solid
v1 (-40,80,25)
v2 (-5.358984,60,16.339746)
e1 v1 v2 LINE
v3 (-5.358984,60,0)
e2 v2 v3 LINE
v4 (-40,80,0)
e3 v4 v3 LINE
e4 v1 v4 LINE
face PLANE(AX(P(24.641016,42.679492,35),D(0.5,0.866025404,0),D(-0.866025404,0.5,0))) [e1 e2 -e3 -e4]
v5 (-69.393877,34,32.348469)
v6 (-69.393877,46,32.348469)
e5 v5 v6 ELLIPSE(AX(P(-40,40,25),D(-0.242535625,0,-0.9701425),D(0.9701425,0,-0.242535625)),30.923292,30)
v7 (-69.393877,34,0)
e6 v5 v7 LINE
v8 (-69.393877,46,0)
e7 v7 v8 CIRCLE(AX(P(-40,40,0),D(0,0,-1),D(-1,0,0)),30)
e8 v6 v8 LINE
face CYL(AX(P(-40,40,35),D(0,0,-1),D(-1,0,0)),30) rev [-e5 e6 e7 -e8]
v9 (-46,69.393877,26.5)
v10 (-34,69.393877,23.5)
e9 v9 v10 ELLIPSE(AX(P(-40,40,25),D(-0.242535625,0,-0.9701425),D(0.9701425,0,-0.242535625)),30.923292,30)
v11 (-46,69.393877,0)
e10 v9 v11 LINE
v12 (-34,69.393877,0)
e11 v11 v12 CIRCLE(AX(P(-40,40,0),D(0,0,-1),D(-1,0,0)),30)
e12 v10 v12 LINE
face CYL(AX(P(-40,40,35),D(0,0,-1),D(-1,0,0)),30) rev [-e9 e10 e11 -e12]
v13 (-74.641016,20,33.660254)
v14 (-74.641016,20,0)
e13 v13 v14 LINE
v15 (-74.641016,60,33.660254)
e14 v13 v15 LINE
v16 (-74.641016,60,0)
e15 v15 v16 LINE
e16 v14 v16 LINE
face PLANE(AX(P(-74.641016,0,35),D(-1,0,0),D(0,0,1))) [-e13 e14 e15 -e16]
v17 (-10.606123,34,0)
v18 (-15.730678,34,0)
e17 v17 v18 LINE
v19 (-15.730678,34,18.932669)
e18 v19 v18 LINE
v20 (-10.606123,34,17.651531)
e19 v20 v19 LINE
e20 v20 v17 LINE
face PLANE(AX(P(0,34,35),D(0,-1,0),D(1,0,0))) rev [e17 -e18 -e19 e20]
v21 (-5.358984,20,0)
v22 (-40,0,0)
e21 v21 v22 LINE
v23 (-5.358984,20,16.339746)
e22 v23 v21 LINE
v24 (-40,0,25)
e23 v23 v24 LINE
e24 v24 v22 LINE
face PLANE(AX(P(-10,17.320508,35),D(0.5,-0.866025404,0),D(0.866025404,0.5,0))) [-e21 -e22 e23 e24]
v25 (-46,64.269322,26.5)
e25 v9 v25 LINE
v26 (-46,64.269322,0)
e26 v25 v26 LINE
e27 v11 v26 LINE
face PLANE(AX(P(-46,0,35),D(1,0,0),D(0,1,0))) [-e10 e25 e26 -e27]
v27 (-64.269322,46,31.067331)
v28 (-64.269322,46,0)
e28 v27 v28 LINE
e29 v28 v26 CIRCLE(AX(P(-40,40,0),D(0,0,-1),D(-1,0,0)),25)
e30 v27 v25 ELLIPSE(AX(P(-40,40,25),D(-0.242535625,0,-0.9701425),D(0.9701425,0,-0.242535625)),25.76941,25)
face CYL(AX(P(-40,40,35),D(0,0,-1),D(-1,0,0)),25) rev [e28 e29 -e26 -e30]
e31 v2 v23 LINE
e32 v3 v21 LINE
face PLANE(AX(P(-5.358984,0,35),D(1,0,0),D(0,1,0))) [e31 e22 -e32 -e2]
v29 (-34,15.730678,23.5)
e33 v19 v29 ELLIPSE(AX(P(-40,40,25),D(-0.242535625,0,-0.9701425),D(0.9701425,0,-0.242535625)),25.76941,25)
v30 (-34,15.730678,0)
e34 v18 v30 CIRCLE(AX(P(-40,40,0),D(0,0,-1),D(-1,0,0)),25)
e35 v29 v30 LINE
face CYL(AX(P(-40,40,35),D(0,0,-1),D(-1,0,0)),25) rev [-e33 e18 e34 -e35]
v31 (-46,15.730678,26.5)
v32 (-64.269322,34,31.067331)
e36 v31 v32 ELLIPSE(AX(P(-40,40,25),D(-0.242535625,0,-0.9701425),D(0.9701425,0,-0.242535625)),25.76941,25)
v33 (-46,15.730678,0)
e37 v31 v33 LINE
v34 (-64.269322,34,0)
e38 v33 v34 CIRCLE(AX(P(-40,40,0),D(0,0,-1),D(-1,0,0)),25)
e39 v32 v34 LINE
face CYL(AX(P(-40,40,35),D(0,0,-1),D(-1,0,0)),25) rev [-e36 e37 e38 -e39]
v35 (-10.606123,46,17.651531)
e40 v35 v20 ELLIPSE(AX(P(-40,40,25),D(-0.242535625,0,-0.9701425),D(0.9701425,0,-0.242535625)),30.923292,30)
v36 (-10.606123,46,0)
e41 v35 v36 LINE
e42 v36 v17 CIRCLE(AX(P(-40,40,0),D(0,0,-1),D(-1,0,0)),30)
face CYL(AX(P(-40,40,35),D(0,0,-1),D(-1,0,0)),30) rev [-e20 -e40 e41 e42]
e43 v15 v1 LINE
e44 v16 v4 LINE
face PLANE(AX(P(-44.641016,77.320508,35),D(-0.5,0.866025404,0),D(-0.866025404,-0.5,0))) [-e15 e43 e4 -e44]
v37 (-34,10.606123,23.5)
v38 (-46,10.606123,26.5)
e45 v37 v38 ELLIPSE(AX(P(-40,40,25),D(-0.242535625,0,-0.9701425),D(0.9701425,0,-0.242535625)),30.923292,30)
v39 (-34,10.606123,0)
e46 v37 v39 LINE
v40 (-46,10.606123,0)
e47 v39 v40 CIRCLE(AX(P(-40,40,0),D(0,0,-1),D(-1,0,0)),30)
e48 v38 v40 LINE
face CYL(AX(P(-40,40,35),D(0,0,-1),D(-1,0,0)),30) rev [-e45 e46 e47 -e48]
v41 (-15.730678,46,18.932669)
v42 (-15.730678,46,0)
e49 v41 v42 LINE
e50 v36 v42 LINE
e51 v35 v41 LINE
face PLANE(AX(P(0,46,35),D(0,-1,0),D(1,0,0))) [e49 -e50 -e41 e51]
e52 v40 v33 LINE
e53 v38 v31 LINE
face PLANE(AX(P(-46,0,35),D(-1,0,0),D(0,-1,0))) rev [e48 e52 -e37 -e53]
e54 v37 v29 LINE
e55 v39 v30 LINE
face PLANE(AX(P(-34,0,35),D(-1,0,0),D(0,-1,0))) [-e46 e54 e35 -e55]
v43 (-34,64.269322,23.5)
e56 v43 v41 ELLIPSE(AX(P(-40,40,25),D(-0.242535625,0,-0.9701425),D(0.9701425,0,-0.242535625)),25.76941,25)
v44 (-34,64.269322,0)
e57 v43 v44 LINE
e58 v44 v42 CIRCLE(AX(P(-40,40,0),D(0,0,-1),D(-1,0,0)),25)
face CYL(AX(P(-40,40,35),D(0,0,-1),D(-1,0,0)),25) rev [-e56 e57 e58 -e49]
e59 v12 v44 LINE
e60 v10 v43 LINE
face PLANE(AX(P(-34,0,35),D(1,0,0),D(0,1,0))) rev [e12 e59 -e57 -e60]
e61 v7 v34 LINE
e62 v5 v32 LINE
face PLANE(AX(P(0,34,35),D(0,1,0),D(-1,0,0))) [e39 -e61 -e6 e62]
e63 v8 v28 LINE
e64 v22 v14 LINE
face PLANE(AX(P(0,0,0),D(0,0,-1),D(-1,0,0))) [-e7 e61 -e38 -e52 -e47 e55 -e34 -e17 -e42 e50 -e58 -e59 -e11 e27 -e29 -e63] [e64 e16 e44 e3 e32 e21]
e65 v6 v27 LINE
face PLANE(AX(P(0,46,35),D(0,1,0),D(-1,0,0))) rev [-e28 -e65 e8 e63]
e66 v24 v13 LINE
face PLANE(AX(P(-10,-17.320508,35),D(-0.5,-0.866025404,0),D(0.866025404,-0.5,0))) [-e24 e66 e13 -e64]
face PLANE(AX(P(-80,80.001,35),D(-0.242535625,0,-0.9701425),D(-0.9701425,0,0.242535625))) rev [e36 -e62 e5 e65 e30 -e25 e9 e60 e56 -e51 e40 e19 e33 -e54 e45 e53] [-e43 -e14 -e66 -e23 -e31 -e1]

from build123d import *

# Parameters (mm, degrees)
SKETCH1_W           = 80
SKETCH1_H           = 80
BOSS_EXTRUDE1_DEPTH = 35
CUT_EXTRUDE1_REACH  = 120.427
CUT_EXTRUDE2_DEPTH  = 35


with BuildPart() as part:
    # Sketch1 → Boss-Extrude1 (new body)
    with BuildSketch(Plane.XY):
        with Locations((-40, 40)):
            Rectangle(SKETCH1_W, SKETCH1_H)
    extrude(amount=BOSS_EXTRUDE1_DEPTH)

    # Sketch4 → Cut-Extrude1 (cut, up to next)
    with BuildSketch(Plane.XZ, mode=Mode.PRIVATE) as cut_extrude1_sk1:
        Polygon((-80, 35), (0, 15), (0, 35), align=None)
    cut_extrude1_tool1 = extrude(cut_extrude1_sk1.sketch, amount=-CUT_EXTRUDE1_REACH, mode=Mode.PRIVATE) & part.part
    add(cut_extrude1_tool1.solids().sort_by_distance((-26.666667, 0, 28.333333))[0], mode=Mode.SUBTRACT)

    # Sketch5 → Cut-Extrude2 (cut)
    with BuildSketch(Plane(origin=(0, 0, 0), x_dir=(-1, 0, 0), z_dir=(0, 0, -1))):
        with BuildLine():
            Line((34, 69.393876913), (34, 64.269322199))
            ThreePointArc((34, 64.269322199), (22.32233047, 57.67766953), (15.730677801, 46))
            Line((15.730677801, 46), (10.606123087, 46))
            ThreePointArc((10.606123087, 46), (10, 40), (10.606123087, 34))
            Line((10.606123087, 34), (15.730677801, 34))
            ThreePointArc((15.730677801, 34), (22.32233047, 22.32233047), (34, 15.730677801))
            Line((34, 15.730677801), (34, 10.606123087))
            ThreePointArc((34, 10.606123087), (40, 10), (46, 10.606123087))
            Line((46, 10.606123087), (46, 15.730677801))
            ThreePointArc((46, 15.730677801), (57.67766953, 22.32233047), (64.269322199, 34))
            Line((64.269322199, 34), (69.393876913, 34))
            ThreePointArc((69.393876913, 34), (70, 40), (69.393876913, 46))
            Line((69.393876913, 46), (64.269322199, 46))
            ThreePointArc((64.269322199, 46), (57.67766953, 57.67766953), (46, 64.269322199))
            Line((46, 64.269322199), (46, 69.393876913))
            ThreePointArc((46, 69.393876913), (40, 70), (34, 69.393876913))
        make_face()
        Polygon((5.358983849, 60), (40, 80), (0, 80), (0, 0), (40, 0), (5.358983849, 20), align=None)
        Polygon((80, 80), (40, 80), (74.641016151, 60), (74.641016151, 20), (40, 0), (80, 0), align=None)
    extrude(amount=-CUT_EXTRUDE2_DEPTH, mode=Mode.SUBTRACT)


solid = part.part
